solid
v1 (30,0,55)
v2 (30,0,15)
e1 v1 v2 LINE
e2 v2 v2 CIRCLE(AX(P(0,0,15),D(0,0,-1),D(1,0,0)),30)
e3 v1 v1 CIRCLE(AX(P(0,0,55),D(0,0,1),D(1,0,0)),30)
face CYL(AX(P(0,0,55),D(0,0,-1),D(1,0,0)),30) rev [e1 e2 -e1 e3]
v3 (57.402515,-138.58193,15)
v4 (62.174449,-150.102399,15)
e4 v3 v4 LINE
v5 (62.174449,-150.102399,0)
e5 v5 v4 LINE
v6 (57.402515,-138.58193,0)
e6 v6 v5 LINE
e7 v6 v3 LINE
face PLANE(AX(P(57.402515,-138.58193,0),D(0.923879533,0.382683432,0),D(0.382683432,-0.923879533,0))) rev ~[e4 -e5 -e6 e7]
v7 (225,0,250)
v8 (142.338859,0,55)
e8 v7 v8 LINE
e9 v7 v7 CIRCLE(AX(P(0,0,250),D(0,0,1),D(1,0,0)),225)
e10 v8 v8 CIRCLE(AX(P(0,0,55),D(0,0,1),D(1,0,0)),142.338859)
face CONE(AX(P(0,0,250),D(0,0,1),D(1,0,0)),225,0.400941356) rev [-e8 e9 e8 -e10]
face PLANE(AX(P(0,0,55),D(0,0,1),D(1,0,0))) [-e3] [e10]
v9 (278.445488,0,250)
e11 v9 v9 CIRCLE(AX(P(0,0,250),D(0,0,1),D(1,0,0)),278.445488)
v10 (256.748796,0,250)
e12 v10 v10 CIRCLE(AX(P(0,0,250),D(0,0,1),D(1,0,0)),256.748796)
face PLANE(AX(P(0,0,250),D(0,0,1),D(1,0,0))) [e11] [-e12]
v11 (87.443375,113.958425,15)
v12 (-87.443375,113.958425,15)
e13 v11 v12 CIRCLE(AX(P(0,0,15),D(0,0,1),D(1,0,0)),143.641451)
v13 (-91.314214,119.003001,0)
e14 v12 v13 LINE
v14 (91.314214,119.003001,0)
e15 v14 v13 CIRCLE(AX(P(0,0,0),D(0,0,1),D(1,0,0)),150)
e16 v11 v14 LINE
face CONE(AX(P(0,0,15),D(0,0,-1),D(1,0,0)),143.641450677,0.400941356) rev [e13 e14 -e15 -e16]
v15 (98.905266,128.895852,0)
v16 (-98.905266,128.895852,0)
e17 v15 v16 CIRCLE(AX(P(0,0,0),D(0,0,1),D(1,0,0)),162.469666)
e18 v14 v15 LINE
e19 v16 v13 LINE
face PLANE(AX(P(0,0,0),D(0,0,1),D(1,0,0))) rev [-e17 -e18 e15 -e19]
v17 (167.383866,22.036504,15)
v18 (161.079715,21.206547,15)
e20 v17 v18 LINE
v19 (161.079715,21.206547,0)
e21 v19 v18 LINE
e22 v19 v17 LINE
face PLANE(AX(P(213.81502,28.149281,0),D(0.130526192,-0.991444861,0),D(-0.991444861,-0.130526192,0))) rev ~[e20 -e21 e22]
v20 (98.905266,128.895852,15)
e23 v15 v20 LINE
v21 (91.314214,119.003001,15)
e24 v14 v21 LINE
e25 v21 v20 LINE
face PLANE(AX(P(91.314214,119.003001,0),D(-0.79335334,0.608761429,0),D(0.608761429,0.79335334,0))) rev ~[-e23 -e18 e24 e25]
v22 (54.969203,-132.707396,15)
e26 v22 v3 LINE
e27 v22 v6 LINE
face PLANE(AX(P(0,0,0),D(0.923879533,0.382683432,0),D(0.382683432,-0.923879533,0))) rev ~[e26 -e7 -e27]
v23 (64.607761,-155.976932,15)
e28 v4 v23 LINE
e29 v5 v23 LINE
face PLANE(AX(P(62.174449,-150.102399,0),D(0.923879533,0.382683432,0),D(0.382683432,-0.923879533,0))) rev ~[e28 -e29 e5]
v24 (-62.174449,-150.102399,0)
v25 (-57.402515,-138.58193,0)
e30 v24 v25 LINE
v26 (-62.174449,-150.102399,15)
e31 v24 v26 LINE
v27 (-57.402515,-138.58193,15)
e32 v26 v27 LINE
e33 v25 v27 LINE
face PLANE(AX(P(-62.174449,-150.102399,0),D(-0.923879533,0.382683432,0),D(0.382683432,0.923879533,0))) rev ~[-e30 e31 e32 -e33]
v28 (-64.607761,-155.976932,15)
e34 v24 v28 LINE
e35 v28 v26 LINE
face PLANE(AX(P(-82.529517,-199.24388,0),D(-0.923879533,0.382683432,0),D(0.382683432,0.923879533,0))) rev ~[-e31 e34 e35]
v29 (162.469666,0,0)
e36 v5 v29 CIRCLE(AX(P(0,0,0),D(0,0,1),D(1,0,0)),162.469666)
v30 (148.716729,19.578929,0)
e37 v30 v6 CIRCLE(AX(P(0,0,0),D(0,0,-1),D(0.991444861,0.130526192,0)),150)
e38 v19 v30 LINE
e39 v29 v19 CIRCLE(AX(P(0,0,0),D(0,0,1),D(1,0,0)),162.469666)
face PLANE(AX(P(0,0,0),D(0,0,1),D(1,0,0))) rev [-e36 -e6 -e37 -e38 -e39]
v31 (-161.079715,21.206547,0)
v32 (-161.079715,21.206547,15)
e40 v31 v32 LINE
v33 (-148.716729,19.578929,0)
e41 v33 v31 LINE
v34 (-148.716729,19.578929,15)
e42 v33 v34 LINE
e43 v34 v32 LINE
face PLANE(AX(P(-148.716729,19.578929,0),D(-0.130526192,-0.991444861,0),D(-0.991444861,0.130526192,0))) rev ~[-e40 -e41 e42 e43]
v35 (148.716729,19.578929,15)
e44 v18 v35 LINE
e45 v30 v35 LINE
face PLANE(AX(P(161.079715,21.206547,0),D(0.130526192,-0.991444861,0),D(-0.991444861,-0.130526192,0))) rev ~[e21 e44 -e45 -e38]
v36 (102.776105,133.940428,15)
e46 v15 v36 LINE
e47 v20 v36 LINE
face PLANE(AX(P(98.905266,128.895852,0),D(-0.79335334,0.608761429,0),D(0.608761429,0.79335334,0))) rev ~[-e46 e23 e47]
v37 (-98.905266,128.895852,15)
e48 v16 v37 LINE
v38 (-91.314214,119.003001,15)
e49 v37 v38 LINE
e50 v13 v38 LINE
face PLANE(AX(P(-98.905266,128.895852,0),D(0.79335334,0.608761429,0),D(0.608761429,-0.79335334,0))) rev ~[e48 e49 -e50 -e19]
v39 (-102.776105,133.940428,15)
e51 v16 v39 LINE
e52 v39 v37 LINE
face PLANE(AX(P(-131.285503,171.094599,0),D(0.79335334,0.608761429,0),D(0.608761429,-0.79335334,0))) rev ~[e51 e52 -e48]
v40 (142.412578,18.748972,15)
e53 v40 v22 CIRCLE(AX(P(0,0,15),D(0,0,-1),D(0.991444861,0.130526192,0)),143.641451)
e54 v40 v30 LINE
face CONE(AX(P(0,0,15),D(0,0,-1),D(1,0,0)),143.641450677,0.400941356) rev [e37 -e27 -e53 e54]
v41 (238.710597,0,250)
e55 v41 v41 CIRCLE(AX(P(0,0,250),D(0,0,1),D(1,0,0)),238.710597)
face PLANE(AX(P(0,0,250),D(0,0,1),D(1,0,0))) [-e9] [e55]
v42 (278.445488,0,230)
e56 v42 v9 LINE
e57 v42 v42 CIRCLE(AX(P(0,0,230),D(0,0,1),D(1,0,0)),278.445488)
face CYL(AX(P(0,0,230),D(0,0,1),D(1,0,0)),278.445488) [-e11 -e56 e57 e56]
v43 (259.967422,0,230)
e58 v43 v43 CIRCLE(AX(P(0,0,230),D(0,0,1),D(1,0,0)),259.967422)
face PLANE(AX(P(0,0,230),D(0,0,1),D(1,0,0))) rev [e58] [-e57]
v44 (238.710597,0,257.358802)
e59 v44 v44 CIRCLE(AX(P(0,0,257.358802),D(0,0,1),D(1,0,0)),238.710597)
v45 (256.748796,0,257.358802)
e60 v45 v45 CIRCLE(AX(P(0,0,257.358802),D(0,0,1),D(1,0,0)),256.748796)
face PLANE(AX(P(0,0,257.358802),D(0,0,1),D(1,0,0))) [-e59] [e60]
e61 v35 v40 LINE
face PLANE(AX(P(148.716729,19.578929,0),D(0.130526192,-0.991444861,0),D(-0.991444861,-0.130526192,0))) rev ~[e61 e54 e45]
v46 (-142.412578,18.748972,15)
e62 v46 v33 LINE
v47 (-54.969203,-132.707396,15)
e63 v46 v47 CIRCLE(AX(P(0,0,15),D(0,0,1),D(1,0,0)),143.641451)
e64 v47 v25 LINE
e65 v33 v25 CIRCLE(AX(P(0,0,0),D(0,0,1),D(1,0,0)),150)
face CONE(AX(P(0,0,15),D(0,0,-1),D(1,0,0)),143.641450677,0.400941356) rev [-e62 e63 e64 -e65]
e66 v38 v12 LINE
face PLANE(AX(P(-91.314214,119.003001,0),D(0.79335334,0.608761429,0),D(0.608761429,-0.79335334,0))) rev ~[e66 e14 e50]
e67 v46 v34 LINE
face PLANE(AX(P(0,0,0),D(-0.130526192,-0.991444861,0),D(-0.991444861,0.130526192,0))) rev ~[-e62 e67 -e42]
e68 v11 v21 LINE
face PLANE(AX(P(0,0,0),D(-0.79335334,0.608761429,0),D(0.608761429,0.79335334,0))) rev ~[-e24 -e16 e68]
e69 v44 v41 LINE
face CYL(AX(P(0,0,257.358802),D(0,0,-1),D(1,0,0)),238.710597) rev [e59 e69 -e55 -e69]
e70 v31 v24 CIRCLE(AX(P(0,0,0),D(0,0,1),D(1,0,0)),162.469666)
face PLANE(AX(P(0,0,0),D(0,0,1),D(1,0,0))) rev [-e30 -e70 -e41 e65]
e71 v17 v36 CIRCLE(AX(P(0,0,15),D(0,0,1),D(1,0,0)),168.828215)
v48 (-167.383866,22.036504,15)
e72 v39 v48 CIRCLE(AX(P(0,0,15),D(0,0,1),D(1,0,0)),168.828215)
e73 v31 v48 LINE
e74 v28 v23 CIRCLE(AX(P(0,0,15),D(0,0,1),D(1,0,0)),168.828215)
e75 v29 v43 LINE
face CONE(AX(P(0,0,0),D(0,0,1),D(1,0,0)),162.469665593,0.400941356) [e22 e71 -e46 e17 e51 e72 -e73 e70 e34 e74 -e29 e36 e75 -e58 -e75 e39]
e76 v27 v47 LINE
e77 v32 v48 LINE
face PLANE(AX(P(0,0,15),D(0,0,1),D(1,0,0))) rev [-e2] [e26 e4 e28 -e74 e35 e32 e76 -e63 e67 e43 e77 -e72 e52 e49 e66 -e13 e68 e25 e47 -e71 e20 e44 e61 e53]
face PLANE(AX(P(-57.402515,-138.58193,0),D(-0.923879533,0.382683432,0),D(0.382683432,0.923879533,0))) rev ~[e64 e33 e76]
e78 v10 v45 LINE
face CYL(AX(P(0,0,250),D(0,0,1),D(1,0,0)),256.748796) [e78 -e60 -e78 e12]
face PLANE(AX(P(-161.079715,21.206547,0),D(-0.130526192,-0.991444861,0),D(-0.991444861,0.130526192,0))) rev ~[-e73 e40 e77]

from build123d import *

# Parameters (mm, degrees)
F3_DEPTH = 15


with BuildPart() as f1:
    # F0 (on Front) → F1 (revolve)
    with BuildSketch(Plane.XZ):
        Polygon((30, 55), (30, 15), (143.6414506771, 15), (150, 0), (162.4696655932, 0), (259.9674218774, 230), (268.4454876412, 250), (256.7487955093, 250), (256.7487955093, 257.3588024481), (238.7105971575, 257.3588024481), (238.7105971575, 250), (225, 250), (142.3388588025, 55), align=None)
        Polygon((268.4454876412, 250), (259.9674218774, 230), (278.4454876412, 230), (278.4454876412, 250), align=None)
    revolve(axis=Axis((0, 0, 38.856908679), (0, 0, 1)))

    # F2 (on face) → F3 (cut, through all)
    with BuildSketch(Plane(origin=(0, 0, 0), x_dir=(1, 0, 0), z_dir=(0, 0, -1))):
        with BuildLine():
            Line((-62.1744492844, 150.1023986955), (-57.4025148548, 138.5819298767))
            ThreePointArc((-57.4025148548, 138.5819298767), (0, 150), (57.4025148548, 138.5819298767))
            Line((57.4025148548, 138.5819298767), (62.1744492844, 150.1023986955))
            ThreePointArc((62.1744492844, 150.1023986955), (0, 162.4696655932), (-62.1744492844, 150.1023986955))
        make_face()
        with BuildLine():
            ThreePointArc((148.7167292061, -19.578928833), (129.9038105677, -75), (91.3142143513, -119.0030010437))
            Line((91.3142143513, -119.0030010437), (98.9052657971, -128.8958518943))
            ThreePointArc((98.9052657971, -128.8958518943), (140.702857748, -81.2348327966), (161.0797150815, -21.2065468011))
            Line((161.0797150815, -21.2065468011), (148.7167292061, -19.578928833))
        make_face()
        with BuildLine():
            ThreePointArc((-91.3142143513, -119.0030010437), (-129.9038105677, -75), (-148.7167292061, -19.578928833))
            Line((-148.7167292061, -19.578928833), (-161.0797150815, -21.2065468011))
            ThreePointArc((-161.0797150815, -21.2065468011), (-140.702857748, -81.2348327966), (-98.9052657971, -128.8958518943))
            Line((-98.9052657971, -128.8958518943), (-91.3142143513, -119.0030010437))
        make_face()
        with BuildLine():
            Line((-91.3142143513, -119.0030010437), (0, 0))
            Line((0, 0), (-148.7167292061, -19.578928833))
            ThreePointArc((-148.7167292061, -19.578928833), (-129.9038105677, -75), (-91.3142143513, -119.0030010437))
        make_face()
        with BuildLine():
            Line((-57.4025148548, 138.5819298767), (0, 0))
            Line((0, 0), (57.4025148548, 138.5819298767))
            ThreePointArc((57.4025148548, 138.5819298767), (0, 150), (-57.4025148548, 138.5819298767))
        make_face()
        with BuildLine():
            Line((148.7167292061, -19.578928833), (0, 0))
            Line((0, 0), (91.3142143513, -119.0030010437))
            ThreePointArc((91.3142143513, -119.0030010437), (129.9038105677, -75), (148.7167292061, -19.578928833))
        make_face()
        with BuildLine():
            Line((-82.5295173068, 199.2438799781), (-62.1744492844, 150.1023986955))
            ThreePointArc((-62.1744492844, 150.1023986955), (0, 162.4696655932), (62.1744492844, 150.1023986955))
            Line((62.1744492844, 150.1023986955), (82.5295173068, 199.2438799781))
            Line((82.5295173068, 199.2438799781), (-82.5295173068, 199.2438799781))
        make_face()
        with BuildLine():
            ThreePointArc((-98.9052657971, -128.8958518943), (-140.702857748, -81.2348327966), (-161.0797150815, -21.2065468011))
            Line((-161.0797150815, -21.2065468011), (-213.815020263, -28.1492814393))
            Line((-213.815020263, -28.1492814393), (-131.2855029562, -171.0945985388))
            Line((-131.2855029562, -171.0945985388), (-98.9052657971, -128.8958518943))
        make_face()
        with BuildLine():
            ThreePointArc((161.0797150815, -21.2065468011), (140.702857748, -81.2348327966), (98.9052657971, -128.8958518943))
            Line((98.9052657971, -128.8958518943), (131.2855029562, -171.0945985388))
            Line((131.2855029562, -171.0945985388), (213.815020263, -28.1492814393))
            Line((213.815020263, -28.1492814393), (161.0797150815, -21.2065468011))
        make_face()
    extrude(amount=-F3_DEPTH, mode=Mode.SUBTRACT)


solid = f1.part
